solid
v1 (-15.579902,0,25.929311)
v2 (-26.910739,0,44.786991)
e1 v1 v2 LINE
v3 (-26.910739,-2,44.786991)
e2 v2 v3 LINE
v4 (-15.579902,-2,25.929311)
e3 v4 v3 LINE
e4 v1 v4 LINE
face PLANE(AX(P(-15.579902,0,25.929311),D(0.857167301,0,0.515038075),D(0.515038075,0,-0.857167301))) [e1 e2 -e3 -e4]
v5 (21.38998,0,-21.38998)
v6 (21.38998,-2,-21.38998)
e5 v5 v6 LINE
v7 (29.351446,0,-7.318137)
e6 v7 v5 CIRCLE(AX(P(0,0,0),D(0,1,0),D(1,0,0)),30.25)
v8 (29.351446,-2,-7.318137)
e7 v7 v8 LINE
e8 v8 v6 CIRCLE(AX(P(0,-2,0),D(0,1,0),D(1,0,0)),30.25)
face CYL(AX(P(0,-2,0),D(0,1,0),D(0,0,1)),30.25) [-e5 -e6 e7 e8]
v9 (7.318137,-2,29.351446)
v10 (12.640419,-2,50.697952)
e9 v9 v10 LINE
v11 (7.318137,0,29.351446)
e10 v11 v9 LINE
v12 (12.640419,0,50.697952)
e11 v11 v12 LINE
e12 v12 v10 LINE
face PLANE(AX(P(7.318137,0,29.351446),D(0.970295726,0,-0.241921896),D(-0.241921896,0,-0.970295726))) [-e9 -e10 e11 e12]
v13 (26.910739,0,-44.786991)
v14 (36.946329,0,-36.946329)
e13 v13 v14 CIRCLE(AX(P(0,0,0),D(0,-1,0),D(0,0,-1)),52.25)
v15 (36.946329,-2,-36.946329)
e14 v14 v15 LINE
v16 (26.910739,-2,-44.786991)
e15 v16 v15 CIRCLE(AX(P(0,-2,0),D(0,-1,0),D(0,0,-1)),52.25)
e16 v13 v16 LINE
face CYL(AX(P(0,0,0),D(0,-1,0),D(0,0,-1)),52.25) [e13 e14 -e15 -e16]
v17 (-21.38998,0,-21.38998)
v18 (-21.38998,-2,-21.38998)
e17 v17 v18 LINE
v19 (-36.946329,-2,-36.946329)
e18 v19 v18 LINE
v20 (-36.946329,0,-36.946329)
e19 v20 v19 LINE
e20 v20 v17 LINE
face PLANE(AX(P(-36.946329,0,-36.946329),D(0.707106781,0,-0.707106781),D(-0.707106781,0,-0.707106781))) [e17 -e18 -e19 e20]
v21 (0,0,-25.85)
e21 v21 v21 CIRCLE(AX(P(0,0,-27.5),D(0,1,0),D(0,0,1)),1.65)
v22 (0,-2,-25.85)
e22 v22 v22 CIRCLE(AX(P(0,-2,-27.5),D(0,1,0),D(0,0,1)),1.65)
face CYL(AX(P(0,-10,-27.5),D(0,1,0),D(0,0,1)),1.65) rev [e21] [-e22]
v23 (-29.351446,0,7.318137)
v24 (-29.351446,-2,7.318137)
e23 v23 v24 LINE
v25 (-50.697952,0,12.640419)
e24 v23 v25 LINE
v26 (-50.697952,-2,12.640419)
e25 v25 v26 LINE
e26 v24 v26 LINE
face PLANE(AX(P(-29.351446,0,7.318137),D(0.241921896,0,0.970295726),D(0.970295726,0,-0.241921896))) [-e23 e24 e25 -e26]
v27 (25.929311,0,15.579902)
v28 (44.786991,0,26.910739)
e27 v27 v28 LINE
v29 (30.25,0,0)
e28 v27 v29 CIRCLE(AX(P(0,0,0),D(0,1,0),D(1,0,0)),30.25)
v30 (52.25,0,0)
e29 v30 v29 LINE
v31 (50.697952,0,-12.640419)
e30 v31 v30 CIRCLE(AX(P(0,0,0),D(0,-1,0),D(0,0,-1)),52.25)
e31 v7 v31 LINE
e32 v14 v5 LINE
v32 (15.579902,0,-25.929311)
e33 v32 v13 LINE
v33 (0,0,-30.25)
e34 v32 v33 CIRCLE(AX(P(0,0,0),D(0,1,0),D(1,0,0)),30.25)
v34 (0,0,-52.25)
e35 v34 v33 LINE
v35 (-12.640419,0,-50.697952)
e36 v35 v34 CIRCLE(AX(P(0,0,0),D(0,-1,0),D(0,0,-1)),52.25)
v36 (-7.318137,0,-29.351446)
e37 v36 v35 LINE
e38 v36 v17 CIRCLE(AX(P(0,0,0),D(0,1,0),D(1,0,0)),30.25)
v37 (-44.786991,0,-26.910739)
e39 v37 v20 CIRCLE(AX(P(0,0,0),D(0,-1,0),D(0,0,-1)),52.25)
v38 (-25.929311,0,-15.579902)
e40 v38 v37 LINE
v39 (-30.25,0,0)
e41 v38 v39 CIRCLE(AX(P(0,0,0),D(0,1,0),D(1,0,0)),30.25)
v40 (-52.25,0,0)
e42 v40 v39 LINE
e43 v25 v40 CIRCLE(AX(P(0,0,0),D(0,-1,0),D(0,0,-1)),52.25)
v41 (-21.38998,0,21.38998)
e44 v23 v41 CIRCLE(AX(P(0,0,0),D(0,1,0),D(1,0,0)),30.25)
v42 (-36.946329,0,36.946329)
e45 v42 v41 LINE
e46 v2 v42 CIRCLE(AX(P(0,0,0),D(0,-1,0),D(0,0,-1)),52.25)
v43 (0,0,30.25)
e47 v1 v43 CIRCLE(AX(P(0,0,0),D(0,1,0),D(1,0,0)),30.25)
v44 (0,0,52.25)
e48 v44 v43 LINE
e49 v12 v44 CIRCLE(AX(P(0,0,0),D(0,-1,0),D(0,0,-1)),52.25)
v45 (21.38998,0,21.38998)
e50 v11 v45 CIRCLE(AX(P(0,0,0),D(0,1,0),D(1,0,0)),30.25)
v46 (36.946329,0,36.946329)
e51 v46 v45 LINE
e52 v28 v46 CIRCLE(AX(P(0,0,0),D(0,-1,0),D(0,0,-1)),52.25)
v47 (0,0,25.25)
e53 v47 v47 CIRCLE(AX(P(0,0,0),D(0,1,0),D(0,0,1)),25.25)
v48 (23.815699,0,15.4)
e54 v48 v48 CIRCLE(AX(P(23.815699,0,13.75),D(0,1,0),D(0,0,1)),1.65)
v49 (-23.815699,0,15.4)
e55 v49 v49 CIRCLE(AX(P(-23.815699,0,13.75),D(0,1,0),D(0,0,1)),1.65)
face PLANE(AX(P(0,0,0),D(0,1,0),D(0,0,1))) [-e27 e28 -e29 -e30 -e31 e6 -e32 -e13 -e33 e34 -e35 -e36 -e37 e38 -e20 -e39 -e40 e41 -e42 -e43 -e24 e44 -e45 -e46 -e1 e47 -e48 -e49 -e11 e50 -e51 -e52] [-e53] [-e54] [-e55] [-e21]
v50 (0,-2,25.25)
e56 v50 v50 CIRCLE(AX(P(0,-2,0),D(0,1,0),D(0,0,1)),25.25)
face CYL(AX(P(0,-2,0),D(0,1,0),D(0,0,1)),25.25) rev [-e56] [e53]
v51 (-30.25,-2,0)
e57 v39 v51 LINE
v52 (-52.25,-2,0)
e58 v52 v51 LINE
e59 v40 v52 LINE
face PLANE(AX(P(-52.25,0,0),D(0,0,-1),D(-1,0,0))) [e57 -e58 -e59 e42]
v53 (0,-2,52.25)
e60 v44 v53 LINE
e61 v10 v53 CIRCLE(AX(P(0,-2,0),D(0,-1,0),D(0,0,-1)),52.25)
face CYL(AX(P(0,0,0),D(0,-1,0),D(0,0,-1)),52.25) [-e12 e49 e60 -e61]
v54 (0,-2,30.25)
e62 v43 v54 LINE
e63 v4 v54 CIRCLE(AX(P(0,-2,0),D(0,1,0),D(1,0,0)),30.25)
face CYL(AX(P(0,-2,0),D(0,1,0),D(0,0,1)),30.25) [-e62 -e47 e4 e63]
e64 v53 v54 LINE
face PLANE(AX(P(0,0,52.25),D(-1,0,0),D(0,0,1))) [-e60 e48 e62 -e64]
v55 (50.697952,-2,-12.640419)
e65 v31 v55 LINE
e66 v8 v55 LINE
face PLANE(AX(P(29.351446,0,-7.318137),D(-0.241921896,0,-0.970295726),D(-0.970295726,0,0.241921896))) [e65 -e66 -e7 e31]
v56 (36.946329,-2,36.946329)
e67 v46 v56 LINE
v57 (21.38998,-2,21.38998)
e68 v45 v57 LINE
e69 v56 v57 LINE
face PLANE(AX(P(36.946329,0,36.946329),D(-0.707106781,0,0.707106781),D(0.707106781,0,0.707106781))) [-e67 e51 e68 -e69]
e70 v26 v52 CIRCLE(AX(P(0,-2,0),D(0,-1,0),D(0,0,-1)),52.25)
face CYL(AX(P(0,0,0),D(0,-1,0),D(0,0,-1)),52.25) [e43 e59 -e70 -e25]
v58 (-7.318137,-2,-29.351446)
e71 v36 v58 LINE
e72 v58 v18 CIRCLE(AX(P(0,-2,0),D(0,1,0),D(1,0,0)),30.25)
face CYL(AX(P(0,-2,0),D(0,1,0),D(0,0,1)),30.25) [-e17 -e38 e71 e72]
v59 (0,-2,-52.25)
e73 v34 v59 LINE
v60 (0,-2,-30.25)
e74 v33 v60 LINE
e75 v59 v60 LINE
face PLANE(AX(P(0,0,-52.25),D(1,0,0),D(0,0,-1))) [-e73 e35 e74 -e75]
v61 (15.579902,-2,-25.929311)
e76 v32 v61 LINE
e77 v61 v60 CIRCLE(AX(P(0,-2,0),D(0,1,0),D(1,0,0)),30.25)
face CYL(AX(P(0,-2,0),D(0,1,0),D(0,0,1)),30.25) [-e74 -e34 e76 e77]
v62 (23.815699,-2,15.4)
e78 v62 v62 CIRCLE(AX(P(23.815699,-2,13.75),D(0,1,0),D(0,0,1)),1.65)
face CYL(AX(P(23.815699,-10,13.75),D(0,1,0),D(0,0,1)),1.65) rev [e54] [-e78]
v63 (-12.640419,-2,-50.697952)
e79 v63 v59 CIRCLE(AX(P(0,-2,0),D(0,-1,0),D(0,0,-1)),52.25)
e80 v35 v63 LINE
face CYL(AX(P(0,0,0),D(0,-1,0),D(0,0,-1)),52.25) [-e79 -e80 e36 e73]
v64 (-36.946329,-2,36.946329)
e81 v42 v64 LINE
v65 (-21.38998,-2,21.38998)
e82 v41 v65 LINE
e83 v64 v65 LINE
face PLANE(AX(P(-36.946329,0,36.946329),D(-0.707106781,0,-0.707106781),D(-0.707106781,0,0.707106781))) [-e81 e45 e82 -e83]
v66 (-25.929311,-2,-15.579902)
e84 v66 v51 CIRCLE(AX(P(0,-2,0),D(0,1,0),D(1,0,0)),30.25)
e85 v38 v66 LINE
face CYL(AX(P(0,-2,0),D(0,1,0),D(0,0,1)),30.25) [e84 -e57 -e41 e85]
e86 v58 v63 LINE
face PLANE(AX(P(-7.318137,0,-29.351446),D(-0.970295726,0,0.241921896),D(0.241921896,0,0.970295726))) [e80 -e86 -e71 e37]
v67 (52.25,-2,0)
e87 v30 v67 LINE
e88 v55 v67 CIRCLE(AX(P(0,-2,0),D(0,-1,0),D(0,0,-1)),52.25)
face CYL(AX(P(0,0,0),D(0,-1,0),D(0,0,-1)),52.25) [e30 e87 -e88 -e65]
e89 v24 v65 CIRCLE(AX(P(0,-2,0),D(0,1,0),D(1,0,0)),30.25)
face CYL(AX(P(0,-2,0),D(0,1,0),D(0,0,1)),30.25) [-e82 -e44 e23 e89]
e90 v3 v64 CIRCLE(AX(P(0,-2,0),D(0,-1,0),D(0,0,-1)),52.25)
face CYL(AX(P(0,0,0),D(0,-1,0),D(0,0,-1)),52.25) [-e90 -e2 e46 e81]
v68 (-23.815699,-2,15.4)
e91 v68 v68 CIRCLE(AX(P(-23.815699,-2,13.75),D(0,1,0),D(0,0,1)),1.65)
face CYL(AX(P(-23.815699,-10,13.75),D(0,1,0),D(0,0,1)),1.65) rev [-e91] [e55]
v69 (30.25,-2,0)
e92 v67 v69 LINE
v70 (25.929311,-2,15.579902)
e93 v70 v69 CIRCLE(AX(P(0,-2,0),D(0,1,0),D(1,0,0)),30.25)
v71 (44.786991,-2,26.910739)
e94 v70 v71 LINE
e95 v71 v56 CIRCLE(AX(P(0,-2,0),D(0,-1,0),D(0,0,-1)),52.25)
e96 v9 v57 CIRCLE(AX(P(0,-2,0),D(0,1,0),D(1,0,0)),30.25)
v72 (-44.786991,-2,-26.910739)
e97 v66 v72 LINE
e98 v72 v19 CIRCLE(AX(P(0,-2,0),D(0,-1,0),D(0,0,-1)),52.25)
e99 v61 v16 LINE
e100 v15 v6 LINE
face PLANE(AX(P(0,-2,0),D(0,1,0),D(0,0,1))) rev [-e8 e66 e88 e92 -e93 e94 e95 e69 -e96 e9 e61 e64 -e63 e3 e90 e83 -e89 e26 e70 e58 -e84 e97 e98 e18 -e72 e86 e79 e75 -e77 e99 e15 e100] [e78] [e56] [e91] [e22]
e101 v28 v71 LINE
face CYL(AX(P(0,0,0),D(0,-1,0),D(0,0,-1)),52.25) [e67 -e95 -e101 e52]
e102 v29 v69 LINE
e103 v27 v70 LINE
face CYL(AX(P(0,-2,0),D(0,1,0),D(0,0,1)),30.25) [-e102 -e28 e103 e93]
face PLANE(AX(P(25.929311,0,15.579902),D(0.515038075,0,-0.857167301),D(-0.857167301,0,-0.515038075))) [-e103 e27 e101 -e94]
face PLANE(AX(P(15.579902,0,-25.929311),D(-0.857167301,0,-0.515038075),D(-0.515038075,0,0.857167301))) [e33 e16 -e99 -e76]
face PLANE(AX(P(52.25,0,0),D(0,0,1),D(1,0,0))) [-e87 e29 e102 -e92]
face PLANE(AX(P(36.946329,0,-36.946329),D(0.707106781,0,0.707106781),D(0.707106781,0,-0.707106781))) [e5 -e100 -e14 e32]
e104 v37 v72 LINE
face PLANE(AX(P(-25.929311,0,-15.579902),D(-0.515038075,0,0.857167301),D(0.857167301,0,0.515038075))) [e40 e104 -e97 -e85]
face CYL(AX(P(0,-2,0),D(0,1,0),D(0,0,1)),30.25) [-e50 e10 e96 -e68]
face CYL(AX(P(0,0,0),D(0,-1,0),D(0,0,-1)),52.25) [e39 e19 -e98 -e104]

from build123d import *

# Parameters (mm, degrees)
SKETCH1_R           = 30.25
SKETCH1_R_2         = 25.25
EXTRUDE_THIN1_DEPTH = 2
SKETCH2_R           = 1.65
CUT_EXTRUDE3_DEPTH  = 10
BOSS_EXTRUDE1_DEPTH = 2


with BuildPart() as part:
    # Sketch1 → Extrude-Thin1 (new body)
    with BuildSketch(Plane(origin=(0, 0, 0), x_dir=(1, 0, 0), z_dir=(0, 1, 0))):
        Circle(SKETCH1_R)
        Circle(SKETCH1_R_2, mode=Mode.SUBTRACT)
    extrude(amount=-EXTRUDE_THIN1_DEPTH)

    # Sketch2 → Cut-Extrude3 (cut)
    with BuildSketch(Plane(origin=(0, 0, 0), x_dir=(1, 0, 0), z_dir=(0, 1, 0))):
        with Locations((0, 27.5)):
            Circle(SKETCH2_R)
        with Locations((23.815698604, -13.75)):
            Circle(SKETCH2_R)
        with Locations((-23.815698604, -13.75)):
            Circle(SKETCH2_R)
    extrude(amount=-CUT_EXTRUDE3_DEPTH, mode=Mode.SUBTRACT)

    # Sketch5 → Boss-Extrude1 (add)
    with BuildSketch(Plane.XZ.offset(2)):
        with BuildLine():
            Line((0, 52.25), (0, 30.25))
            ThreePointArc((0, 30.25), (3.686547638, 30.024521087), (7.318137342, 29.35144572))
            Line((7.318137342, 29.35144572), (12.640419045, 50.697951698))
            ThreePointArc((12.640419045, 50.697951698), (6.367673193, 51.860536423), (0, 52.25))
        make_face()
        with BuildLine():
            Line((36.946329317, 36.946329317), (21.389980131, 21.389980131))
            ThreePointArc((21.389980131, 21.389980131), (23.837325297, 18.623759629), (25.929310846, 15.579901766))
            Line((25.929310846, 15.579901766), (44.786991462, 26.910739414))
            ThreePointArc((44.786991462, 26.910739414), (41.173561876, 32.168312086), (36.946329317, 36.946329317))
        make_face()
        with BuildLine():
            Line((52.25, 0), (30.25, 0))
            ThreePointArc((30.25, 0), (30.024521087, -3.686547638), (29.35144572, -7.318137342))
            Line((29.35144572, -7.318137342), (50.697951698, -12.640419045))
            ThreePointArc((50.697951698, -12.640419045), (51.860536423, -6.367673193), (52.25, 0))
        make_face()
        with BuildLine():
            Line((36.946329317, -36.946329317), (21.389980131, -21.389980131))
            ThreePointArc((21.389980131, -21.389980131), (18.623759629, -23.837325297), (15.579901766, -25.929310846))
            Line((15.579901766, -25.929310846), (26.910739414, -44.786991462))
            ThreePointArc((26.910739414, -44.786991462), (32.168312086, -41.173561876), (36.946329317, -36.946329317))
        make_face()
        with BuildLine():
            Line((0, -52.25), (0, -30.25))
            ThreePointArc((0, -30.25), (-3.686547638, -30.024521087), (-7.318137342, -29.35144572))
            Line((-7.318137342, -29.35144572), (-12.640419045, -50.697951698))
            ThreePointArc((-12.640419045, -50.697951698), (-6.367673193, -51.860536423), (0, -52.25))
        make_face()
        with BuildLine():
            Line((-36.946329317, -36.946329317), (-21.389980131, -21.389980131))
            ThreePointArc((-21.389980131, -21.389980131), (-23.837325297, -18.623759629), (-25.929310846, -15.579901766))
            Line((-25.929310846, -15.579901766), (-44.786991462, -26.910739414))
            ThreePointArc((-44.786991462, -26.910739414), (-41.173561876, -32.168312086), (-36.946329317, -36.946329317))
        make_face()
        with BuildLine():
            Line((-52.25, 0), (-30.25, 0))
            ThreePointArc((-30.25, 0), (-30.024521087, 3.686547638), (-29.35144572, 7.318137342))
            Line((-29.35144572, 7.318137342), (-50.697951698, 12.640419045))
            ThreePointArc((-50.697951698, 12.640419045), (-51.860536423, 6.367673193), (-52.25, 0))
        make_face()
        with BuildLine():
            Line((-36.946329317, 36.946329317), (-21.389980131, 21.389980131))
            ThreePointArc((-21.389980131, 21.389980131), (-18.623759629, 23.837325297), (-15.579901766, 25.929310846))
            Line((-15.579901766, 25.929310846), (-26.910739414, 44.786991462))
            ThreePointArc((-26.910739414, 44.786991462), (-32.168312086, 41.173561876), (-36.946329317, 36.946329317))
        make_face()
    extrude(amount=-BOSS_EXTRUDE1_DEPTH)


solid = part.part
